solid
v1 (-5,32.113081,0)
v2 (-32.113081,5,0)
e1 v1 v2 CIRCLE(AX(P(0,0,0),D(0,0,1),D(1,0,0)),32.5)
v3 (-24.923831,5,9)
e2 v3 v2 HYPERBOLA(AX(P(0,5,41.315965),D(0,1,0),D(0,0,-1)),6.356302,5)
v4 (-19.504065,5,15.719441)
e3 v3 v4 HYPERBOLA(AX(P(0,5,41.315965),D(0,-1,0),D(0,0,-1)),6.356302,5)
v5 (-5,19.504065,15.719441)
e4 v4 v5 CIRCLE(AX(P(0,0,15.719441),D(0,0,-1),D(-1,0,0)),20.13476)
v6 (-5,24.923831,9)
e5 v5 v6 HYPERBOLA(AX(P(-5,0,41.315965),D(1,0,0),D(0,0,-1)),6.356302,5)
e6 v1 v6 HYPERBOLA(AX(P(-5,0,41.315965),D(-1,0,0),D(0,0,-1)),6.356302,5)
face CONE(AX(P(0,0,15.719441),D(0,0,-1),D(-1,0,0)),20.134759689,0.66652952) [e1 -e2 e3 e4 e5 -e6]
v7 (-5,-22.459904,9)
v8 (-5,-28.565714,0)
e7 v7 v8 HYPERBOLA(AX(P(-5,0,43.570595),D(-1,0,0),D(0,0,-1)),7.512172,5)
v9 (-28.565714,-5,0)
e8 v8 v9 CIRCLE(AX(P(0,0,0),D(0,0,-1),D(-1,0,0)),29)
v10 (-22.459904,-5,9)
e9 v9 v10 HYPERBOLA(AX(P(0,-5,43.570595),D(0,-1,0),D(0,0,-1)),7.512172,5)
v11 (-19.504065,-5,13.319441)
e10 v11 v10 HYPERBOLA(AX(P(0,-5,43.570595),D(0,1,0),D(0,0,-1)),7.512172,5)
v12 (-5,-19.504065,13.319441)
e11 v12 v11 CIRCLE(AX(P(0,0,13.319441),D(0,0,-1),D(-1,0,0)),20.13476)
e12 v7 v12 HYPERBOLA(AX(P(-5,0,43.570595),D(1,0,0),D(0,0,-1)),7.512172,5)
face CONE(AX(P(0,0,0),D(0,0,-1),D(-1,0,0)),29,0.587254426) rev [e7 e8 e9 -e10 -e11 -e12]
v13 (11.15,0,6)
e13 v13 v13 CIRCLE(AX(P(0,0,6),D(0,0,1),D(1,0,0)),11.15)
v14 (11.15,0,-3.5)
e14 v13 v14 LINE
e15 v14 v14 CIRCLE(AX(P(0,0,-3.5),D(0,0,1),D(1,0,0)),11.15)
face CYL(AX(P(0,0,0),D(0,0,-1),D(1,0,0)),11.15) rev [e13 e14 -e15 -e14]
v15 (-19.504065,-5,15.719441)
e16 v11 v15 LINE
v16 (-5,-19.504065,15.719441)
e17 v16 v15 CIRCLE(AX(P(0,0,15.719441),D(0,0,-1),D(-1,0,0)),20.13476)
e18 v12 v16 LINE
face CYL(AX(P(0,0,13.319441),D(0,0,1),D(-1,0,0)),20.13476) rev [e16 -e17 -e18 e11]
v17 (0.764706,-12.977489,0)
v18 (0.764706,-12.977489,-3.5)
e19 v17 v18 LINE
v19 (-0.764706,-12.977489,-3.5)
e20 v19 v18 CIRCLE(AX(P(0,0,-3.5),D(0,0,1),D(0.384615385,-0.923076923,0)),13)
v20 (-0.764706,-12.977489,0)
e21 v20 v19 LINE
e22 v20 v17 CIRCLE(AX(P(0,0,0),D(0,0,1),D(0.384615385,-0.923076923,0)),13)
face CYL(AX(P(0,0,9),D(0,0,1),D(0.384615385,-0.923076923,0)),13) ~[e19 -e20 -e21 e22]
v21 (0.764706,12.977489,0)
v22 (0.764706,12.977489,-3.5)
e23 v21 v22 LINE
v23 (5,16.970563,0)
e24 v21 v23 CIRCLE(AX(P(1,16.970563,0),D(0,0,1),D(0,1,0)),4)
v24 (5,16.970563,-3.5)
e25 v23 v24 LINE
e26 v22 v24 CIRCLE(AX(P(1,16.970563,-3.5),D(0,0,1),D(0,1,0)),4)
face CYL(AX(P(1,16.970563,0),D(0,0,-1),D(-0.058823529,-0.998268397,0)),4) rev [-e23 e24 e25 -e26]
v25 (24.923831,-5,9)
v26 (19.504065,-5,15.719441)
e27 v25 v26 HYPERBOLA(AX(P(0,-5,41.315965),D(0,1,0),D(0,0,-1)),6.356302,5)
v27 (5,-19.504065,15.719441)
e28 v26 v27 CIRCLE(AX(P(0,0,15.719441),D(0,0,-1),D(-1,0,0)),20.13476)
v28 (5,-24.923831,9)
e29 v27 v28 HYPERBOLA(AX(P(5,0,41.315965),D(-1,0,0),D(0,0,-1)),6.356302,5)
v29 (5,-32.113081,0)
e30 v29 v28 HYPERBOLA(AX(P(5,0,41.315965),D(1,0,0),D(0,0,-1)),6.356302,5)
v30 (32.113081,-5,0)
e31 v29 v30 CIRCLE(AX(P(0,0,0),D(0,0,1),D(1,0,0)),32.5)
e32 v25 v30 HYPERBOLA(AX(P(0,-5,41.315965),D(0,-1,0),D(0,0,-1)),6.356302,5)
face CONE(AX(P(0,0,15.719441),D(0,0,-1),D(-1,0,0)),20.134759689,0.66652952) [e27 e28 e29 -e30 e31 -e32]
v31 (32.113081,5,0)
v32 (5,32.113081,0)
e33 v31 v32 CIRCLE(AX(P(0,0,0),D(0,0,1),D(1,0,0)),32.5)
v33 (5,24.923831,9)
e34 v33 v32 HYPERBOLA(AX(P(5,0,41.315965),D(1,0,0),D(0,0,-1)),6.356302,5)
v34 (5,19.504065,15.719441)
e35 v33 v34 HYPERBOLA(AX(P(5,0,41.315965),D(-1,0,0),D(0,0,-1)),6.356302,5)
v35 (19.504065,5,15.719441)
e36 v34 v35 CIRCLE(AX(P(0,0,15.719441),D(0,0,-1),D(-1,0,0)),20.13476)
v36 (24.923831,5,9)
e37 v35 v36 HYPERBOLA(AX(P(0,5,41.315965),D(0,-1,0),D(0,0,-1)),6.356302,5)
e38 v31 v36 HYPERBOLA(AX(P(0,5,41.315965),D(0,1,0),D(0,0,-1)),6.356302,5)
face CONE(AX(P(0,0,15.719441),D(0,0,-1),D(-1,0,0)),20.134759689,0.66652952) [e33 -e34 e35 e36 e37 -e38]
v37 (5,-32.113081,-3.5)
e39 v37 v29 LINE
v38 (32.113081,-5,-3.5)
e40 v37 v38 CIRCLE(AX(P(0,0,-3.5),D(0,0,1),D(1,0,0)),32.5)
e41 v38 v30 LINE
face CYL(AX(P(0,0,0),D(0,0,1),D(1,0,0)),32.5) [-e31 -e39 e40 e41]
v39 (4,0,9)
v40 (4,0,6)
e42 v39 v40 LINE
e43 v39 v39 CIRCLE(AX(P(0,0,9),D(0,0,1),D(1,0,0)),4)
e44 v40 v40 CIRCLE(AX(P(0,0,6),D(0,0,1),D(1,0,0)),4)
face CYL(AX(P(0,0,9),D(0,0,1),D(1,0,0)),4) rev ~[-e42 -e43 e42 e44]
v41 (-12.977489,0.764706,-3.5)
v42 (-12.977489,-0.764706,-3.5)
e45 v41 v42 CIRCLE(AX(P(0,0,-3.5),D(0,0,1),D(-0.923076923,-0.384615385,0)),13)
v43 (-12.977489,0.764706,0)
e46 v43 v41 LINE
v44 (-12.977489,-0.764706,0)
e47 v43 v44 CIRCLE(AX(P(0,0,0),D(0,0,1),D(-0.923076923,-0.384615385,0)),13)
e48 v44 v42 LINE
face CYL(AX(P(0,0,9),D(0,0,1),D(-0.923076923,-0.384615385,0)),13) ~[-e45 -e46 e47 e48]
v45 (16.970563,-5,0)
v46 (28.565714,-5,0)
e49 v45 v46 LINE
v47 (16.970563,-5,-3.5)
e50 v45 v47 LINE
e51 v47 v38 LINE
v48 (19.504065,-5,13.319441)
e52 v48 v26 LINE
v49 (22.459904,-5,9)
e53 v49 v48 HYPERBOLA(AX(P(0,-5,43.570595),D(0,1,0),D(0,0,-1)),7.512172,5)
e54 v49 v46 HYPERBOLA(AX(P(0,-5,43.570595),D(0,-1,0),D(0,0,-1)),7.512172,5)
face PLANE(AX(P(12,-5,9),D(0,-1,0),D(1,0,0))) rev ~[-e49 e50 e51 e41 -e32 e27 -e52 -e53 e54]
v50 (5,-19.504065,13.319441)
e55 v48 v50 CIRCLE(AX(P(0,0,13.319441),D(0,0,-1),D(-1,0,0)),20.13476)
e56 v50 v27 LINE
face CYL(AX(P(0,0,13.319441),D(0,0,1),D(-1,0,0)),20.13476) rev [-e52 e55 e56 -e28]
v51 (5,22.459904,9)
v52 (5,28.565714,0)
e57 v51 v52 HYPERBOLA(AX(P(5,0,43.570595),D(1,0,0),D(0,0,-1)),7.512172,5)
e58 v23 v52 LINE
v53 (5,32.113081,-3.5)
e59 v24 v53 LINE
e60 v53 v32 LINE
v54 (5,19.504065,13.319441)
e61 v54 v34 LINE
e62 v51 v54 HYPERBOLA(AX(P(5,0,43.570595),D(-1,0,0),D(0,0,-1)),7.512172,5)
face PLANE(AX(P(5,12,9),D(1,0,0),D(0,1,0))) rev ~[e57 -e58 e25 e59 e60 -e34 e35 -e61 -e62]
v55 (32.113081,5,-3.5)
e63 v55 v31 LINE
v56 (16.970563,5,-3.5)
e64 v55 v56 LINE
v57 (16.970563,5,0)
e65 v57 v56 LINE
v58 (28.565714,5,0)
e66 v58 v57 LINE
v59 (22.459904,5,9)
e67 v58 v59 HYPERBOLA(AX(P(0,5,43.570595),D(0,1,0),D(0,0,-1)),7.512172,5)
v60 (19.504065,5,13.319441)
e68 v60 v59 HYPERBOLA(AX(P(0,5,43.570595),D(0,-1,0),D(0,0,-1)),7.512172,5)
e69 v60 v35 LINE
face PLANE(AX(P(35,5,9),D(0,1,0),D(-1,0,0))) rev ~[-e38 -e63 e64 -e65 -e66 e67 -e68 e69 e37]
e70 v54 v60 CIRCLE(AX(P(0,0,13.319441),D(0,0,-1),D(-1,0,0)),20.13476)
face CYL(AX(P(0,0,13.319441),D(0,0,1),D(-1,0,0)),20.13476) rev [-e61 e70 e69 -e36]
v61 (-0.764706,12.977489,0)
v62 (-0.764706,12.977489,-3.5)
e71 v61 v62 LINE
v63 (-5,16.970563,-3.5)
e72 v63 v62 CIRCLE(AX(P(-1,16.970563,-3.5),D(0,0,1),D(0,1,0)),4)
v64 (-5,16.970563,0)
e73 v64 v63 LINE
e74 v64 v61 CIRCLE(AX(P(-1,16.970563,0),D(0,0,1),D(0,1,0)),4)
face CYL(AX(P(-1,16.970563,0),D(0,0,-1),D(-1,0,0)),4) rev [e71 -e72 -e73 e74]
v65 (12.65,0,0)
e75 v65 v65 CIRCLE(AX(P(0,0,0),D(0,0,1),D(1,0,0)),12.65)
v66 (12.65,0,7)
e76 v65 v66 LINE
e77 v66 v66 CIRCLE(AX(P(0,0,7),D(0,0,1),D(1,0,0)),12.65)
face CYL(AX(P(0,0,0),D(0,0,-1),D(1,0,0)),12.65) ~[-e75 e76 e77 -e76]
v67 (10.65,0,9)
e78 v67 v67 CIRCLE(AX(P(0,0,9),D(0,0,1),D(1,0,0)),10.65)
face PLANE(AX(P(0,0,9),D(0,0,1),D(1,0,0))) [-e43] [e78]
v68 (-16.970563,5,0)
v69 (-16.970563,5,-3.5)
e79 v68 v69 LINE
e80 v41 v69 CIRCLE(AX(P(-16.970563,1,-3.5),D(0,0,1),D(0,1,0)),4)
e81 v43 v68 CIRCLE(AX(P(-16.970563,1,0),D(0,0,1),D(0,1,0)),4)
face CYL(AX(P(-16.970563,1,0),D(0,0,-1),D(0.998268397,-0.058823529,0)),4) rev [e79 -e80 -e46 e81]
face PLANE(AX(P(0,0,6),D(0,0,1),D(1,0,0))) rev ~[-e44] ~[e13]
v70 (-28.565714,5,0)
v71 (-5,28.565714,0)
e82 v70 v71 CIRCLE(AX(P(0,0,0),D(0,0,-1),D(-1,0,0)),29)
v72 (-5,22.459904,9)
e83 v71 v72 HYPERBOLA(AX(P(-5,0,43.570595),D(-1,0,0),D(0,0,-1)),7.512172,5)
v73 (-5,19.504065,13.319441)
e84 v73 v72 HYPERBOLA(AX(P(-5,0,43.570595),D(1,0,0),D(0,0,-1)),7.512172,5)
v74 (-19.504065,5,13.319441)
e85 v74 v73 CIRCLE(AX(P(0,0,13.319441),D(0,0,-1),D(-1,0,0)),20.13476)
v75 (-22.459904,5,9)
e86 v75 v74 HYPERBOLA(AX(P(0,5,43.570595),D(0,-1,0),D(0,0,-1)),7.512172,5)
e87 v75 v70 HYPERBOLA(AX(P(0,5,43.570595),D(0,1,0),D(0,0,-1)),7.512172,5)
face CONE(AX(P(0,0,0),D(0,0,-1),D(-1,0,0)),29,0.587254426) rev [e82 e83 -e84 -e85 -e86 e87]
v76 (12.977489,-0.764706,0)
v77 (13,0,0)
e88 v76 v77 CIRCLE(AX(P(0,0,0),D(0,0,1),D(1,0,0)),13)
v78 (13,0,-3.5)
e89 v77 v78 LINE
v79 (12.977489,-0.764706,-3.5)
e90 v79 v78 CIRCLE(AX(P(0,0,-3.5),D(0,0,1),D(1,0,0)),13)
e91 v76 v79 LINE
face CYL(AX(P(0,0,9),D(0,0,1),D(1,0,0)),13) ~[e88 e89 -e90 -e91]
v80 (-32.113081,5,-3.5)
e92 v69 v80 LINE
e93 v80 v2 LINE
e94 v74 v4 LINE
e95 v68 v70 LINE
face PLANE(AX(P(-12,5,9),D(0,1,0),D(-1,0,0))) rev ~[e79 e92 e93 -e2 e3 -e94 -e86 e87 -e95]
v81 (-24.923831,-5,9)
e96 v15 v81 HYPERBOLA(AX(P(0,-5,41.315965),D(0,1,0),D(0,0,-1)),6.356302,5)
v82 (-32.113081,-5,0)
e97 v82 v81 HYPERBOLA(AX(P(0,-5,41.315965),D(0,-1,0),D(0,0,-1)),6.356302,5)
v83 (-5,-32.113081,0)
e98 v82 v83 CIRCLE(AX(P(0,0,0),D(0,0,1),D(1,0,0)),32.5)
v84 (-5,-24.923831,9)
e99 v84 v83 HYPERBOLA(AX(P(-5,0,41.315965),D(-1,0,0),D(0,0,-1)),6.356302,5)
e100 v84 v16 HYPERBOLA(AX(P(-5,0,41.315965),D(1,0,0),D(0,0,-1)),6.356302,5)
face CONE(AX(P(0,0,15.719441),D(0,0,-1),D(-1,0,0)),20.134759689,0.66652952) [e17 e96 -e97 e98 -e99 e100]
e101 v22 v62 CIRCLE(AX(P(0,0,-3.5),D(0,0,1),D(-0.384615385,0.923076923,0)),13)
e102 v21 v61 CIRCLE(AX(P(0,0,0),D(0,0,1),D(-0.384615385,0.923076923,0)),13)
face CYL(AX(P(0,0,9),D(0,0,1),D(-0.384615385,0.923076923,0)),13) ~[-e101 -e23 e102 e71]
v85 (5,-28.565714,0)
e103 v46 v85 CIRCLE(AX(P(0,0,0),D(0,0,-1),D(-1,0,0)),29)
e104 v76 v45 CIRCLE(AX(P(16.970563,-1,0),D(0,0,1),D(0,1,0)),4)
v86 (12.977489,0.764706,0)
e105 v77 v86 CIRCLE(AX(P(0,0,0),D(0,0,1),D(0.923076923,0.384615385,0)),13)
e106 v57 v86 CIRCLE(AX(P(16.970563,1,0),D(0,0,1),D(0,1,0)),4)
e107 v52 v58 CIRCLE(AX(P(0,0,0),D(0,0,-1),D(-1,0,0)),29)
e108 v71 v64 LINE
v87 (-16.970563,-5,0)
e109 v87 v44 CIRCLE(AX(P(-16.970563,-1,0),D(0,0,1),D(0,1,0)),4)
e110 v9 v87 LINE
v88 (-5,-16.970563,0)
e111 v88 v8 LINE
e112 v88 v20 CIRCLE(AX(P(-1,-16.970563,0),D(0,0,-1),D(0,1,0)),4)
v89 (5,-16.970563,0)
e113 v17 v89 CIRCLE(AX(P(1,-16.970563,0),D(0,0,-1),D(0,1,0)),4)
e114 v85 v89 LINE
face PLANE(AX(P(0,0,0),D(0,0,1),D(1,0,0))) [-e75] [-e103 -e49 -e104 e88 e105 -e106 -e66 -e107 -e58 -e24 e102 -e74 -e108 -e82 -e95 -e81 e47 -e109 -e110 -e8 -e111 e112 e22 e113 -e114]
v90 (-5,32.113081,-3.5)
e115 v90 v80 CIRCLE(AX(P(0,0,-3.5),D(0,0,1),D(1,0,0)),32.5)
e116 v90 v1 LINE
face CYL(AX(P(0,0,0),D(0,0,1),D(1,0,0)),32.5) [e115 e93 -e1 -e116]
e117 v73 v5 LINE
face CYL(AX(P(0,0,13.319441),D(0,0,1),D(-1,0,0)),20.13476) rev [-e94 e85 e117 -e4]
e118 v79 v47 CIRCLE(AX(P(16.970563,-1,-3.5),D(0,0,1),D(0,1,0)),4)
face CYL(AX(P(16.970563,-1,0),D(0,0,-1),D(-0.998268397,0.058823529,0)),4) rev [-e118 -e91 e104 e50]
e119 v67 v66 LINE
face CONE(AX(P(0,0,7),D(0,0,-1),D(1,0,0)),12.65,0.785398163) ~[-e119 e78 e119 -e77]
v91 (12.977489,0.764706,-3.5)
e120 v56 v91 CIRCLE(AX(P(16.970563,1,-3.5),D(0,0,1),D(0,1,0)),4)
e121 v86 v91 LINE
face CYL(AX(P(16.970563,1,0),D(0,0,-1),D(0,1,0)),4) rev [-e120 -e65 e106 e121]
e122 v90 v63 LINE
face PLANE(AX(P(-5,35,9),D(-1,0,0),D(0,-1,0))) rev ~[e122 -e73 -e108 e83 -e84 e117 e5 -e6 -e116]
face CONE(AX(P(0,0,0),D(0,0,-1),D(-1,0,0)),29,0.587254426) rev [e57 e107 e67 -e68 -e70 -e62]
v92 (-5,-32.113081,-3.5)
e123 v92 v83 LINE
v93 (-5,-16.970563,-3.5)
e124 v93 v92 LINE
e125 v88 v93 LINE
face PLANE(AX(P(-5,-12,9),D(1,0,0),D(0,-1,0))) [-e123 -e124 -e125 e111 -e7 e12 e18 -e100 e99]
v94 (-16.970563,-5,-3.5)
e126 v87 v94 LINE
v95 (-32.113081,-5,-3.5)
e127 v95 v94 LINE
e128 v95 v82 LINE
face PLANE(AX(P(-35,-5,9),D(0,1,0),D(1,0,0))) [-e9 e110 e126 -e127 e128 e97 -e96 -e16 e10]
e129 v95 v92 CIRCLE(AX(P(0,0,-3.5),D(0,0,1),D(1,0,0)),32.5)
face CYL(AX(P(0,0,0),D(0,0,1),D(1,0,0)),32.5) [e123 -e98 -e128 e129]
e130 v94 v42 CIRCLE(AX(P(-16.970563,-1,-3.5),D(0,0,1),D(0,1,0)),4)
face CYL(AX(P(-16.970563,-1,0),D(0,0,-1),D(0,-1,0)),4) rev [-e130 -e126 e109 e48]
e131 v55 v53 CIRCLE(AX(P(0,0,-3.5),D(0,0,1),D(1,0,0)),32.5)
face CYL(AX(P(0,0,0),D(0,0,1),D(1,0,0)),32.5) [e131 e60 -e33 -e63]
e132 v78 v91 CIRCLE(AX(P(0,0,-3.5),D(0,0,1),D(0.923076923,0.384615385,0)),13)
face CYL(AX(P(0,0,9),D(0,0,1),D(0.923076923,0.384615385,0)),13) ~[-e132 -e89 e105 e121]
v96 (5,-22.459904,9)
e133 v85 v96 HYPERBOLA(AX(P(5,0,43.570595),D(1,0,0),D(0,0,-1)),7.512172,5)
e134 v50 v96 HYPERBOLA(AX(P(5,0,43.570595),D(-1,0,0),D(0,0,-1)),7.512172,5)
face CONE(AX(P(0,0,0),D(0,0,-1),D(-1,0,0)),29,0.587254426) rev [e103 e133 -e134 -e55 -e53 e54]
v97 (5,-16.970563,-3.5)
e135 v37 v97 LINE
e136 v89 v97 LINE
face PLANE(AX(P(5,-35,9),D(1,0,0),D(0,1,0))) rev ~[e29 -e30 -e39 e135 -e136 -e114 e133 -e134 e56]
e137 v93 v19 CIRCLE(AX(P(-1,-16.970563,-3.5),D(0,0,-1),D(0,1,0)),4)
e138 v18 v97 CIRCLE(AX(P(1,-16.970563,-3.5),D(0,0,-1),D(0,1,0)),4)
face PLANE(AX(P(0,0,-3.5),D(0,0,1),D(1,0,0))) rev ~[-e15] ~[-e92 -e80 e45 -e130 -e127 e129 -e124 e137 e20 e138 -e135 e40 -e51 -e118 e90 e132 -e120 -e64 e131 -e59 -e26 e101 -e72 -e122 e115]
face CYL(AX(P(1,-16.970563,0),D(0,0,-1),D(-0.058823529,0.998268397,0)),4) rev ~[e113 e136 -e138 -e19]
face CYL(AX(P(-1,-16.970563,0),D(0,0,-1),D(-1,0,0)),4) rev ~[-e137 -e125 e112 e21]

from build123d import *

# Parameters (mm, degrees)
F0_R      = 32.5
F0_R_2    = 12.65
F0_R_3    = 11.15
F1_DEPTH  = 3.5
F2_DEPTH  = 9
F3_R      = 11.15
F3_R_2    = 4
F4_DEPTH  = 3
F5_SIZE   = 2
F10_DEPTH = 25
F11_DEPTH = 15.2
F12_R     = 4


with BuildPart() as f1:
    # F0 (on Top) → F1 (new body)
    with BuildSketch(Plane.XY):
        Circle(F0_R)
        Circle(F0_R_2, mode=Mode.SUBTRACT)
        Circle(F0_R_2)
        Circle(F0_R_3, mode=Mode.SUBTRACT)
    extrude(amount=-F1_DEPTH)

    # F0 (on Top) → F2 (join)
    with BuildSketch(Plane.XY):
        Circle(F0_R_2)
        Circle(F0_R_3, mode=Mode.SUBTRACT)
    extrude(amount=F2_DEPTH)

    # F3 (on face) → F4 (join)
    with BuildSketch(Plane.XY.offset(9)):
        Circle(F3_R)
        Circle(F3_R_2, mode=Mode.SUBTRACT)
    extrude(amount=-F4_DEPTH)

    # F5
    f5_edges = [f1.edges().sort_by_distance(p)[0] for p in [
        (-12.65, 0, 9),
    ]]
    chamfer(f5_edges, length=F5_SIZE)

    # F6 (on Front) → F7 (revolve)
    with BuildSketch(Plane.XZ):
        Polygon((-20.1347596889, 15.719441213), (-32.5, 0), (-29, 0), (-20.1347596889, 13.319441213), align=None)
    revolve(axis=Axis((0, 0, 0), (0, 0, -1)))

    # F9 (on offset) → F10 (cut)
    with BuildSketch(Plane.XY.offset(9)):
        with BuildLine():
            Line((5, 35), (-5, 35))
            Line((-5, 35), (-5, 12))
            ThreePointArc((-5, 12), (0, 13), (5, 12))
            Line((5, 12), (5, 35))
        make_face()
        with BuildLine():
            Line((35, 5), (12, 5))
            ThreePointArc((12, 5), (12.747548784, 2.5495097568), (13, 0))
            ThreePointArc((13, 0), (12.747548784, -2.5495097568), (12, -5))
            Line((12, -5), (35, -5))
            Line((35, -5), (35, 5))
        make_face()
        with BuildLine():
            ThreePointArc((5, -12), (0, -13), (-5, -12))
            Line((-5, -12), (-5, -35))
            Line((-5, -35), (5, -35))
            Line((5, -35), (5, -12))
        make_face()
        with BuildLine():
            ThreePointArc((-12, -5), (-13, 0), (-12, 5))
            Line((-12, 5), (-35, 5))
            Line((-35, 5), (-35, -5))
            Line((-35, -5), (-12, -5))
        make_face()
    extrude(amount=F10_DEPTH, mode=Mode.SUBTRACT)

    # F9 (on offset) → F11 (cut)
    with BuildSketch(Plane.XY.offset(9)):
        with BuildLine():
            ThreePointArc((5, -12), (0, -13), (-5, -12))
            Line((-5, -12), (-5, -35))
            Line((-5, -35), (5, -35))
            Line((5, -35), (5, -12))
        make_face()
        with BuildLine():
            Line((5, 35), (-5, 35))
            Line((-5, 35), (-5, 12))
            ThreePointArc((-5, 12), (0, 13), (5, 12))
            Line((5, 12), (5, 35))
        make_face()
        with BuildLine():
            ThreePointArc((-12, -5), (-13, 0), (-12, 5))
            Line((-12, 5), (-35, 5))
            Line((-35, 5), (-35, -5))
            Line((-35, -5), (-12, -5))
        make_face()
        with BuildLine():
            Line((35, 5), (12, 5))
            ThreePointArc((12, 5), (12.747548784, 2.5495097568), (13, 0))
            ThreePointArc((13, 0), (12.747548784, -2.5495097568), (12, -5))
            Line((12, -5), (35, -5))
            Line((35, -5), (35, 5))
        make_face()
    extrude(amount=-F11_DEPTH, mode=Mode.SUBTRACT)

    # F12
    f12_edges = [f1.edges().sort_by_distance(p)[0] for p in [
        (-12, 5, -1.75),
        (-12, -5, -1.75),
        (-5, 12, -1.75),
        (5, 12, -1.75),
        (-5, -12, -1.75),
        (5, -12, -1.75),
        (12, -5, -1.75),
        (12, 5, -1.75),
    ]]
    fillet(f12_edges, radius=F12_R)


solid = f1.part
